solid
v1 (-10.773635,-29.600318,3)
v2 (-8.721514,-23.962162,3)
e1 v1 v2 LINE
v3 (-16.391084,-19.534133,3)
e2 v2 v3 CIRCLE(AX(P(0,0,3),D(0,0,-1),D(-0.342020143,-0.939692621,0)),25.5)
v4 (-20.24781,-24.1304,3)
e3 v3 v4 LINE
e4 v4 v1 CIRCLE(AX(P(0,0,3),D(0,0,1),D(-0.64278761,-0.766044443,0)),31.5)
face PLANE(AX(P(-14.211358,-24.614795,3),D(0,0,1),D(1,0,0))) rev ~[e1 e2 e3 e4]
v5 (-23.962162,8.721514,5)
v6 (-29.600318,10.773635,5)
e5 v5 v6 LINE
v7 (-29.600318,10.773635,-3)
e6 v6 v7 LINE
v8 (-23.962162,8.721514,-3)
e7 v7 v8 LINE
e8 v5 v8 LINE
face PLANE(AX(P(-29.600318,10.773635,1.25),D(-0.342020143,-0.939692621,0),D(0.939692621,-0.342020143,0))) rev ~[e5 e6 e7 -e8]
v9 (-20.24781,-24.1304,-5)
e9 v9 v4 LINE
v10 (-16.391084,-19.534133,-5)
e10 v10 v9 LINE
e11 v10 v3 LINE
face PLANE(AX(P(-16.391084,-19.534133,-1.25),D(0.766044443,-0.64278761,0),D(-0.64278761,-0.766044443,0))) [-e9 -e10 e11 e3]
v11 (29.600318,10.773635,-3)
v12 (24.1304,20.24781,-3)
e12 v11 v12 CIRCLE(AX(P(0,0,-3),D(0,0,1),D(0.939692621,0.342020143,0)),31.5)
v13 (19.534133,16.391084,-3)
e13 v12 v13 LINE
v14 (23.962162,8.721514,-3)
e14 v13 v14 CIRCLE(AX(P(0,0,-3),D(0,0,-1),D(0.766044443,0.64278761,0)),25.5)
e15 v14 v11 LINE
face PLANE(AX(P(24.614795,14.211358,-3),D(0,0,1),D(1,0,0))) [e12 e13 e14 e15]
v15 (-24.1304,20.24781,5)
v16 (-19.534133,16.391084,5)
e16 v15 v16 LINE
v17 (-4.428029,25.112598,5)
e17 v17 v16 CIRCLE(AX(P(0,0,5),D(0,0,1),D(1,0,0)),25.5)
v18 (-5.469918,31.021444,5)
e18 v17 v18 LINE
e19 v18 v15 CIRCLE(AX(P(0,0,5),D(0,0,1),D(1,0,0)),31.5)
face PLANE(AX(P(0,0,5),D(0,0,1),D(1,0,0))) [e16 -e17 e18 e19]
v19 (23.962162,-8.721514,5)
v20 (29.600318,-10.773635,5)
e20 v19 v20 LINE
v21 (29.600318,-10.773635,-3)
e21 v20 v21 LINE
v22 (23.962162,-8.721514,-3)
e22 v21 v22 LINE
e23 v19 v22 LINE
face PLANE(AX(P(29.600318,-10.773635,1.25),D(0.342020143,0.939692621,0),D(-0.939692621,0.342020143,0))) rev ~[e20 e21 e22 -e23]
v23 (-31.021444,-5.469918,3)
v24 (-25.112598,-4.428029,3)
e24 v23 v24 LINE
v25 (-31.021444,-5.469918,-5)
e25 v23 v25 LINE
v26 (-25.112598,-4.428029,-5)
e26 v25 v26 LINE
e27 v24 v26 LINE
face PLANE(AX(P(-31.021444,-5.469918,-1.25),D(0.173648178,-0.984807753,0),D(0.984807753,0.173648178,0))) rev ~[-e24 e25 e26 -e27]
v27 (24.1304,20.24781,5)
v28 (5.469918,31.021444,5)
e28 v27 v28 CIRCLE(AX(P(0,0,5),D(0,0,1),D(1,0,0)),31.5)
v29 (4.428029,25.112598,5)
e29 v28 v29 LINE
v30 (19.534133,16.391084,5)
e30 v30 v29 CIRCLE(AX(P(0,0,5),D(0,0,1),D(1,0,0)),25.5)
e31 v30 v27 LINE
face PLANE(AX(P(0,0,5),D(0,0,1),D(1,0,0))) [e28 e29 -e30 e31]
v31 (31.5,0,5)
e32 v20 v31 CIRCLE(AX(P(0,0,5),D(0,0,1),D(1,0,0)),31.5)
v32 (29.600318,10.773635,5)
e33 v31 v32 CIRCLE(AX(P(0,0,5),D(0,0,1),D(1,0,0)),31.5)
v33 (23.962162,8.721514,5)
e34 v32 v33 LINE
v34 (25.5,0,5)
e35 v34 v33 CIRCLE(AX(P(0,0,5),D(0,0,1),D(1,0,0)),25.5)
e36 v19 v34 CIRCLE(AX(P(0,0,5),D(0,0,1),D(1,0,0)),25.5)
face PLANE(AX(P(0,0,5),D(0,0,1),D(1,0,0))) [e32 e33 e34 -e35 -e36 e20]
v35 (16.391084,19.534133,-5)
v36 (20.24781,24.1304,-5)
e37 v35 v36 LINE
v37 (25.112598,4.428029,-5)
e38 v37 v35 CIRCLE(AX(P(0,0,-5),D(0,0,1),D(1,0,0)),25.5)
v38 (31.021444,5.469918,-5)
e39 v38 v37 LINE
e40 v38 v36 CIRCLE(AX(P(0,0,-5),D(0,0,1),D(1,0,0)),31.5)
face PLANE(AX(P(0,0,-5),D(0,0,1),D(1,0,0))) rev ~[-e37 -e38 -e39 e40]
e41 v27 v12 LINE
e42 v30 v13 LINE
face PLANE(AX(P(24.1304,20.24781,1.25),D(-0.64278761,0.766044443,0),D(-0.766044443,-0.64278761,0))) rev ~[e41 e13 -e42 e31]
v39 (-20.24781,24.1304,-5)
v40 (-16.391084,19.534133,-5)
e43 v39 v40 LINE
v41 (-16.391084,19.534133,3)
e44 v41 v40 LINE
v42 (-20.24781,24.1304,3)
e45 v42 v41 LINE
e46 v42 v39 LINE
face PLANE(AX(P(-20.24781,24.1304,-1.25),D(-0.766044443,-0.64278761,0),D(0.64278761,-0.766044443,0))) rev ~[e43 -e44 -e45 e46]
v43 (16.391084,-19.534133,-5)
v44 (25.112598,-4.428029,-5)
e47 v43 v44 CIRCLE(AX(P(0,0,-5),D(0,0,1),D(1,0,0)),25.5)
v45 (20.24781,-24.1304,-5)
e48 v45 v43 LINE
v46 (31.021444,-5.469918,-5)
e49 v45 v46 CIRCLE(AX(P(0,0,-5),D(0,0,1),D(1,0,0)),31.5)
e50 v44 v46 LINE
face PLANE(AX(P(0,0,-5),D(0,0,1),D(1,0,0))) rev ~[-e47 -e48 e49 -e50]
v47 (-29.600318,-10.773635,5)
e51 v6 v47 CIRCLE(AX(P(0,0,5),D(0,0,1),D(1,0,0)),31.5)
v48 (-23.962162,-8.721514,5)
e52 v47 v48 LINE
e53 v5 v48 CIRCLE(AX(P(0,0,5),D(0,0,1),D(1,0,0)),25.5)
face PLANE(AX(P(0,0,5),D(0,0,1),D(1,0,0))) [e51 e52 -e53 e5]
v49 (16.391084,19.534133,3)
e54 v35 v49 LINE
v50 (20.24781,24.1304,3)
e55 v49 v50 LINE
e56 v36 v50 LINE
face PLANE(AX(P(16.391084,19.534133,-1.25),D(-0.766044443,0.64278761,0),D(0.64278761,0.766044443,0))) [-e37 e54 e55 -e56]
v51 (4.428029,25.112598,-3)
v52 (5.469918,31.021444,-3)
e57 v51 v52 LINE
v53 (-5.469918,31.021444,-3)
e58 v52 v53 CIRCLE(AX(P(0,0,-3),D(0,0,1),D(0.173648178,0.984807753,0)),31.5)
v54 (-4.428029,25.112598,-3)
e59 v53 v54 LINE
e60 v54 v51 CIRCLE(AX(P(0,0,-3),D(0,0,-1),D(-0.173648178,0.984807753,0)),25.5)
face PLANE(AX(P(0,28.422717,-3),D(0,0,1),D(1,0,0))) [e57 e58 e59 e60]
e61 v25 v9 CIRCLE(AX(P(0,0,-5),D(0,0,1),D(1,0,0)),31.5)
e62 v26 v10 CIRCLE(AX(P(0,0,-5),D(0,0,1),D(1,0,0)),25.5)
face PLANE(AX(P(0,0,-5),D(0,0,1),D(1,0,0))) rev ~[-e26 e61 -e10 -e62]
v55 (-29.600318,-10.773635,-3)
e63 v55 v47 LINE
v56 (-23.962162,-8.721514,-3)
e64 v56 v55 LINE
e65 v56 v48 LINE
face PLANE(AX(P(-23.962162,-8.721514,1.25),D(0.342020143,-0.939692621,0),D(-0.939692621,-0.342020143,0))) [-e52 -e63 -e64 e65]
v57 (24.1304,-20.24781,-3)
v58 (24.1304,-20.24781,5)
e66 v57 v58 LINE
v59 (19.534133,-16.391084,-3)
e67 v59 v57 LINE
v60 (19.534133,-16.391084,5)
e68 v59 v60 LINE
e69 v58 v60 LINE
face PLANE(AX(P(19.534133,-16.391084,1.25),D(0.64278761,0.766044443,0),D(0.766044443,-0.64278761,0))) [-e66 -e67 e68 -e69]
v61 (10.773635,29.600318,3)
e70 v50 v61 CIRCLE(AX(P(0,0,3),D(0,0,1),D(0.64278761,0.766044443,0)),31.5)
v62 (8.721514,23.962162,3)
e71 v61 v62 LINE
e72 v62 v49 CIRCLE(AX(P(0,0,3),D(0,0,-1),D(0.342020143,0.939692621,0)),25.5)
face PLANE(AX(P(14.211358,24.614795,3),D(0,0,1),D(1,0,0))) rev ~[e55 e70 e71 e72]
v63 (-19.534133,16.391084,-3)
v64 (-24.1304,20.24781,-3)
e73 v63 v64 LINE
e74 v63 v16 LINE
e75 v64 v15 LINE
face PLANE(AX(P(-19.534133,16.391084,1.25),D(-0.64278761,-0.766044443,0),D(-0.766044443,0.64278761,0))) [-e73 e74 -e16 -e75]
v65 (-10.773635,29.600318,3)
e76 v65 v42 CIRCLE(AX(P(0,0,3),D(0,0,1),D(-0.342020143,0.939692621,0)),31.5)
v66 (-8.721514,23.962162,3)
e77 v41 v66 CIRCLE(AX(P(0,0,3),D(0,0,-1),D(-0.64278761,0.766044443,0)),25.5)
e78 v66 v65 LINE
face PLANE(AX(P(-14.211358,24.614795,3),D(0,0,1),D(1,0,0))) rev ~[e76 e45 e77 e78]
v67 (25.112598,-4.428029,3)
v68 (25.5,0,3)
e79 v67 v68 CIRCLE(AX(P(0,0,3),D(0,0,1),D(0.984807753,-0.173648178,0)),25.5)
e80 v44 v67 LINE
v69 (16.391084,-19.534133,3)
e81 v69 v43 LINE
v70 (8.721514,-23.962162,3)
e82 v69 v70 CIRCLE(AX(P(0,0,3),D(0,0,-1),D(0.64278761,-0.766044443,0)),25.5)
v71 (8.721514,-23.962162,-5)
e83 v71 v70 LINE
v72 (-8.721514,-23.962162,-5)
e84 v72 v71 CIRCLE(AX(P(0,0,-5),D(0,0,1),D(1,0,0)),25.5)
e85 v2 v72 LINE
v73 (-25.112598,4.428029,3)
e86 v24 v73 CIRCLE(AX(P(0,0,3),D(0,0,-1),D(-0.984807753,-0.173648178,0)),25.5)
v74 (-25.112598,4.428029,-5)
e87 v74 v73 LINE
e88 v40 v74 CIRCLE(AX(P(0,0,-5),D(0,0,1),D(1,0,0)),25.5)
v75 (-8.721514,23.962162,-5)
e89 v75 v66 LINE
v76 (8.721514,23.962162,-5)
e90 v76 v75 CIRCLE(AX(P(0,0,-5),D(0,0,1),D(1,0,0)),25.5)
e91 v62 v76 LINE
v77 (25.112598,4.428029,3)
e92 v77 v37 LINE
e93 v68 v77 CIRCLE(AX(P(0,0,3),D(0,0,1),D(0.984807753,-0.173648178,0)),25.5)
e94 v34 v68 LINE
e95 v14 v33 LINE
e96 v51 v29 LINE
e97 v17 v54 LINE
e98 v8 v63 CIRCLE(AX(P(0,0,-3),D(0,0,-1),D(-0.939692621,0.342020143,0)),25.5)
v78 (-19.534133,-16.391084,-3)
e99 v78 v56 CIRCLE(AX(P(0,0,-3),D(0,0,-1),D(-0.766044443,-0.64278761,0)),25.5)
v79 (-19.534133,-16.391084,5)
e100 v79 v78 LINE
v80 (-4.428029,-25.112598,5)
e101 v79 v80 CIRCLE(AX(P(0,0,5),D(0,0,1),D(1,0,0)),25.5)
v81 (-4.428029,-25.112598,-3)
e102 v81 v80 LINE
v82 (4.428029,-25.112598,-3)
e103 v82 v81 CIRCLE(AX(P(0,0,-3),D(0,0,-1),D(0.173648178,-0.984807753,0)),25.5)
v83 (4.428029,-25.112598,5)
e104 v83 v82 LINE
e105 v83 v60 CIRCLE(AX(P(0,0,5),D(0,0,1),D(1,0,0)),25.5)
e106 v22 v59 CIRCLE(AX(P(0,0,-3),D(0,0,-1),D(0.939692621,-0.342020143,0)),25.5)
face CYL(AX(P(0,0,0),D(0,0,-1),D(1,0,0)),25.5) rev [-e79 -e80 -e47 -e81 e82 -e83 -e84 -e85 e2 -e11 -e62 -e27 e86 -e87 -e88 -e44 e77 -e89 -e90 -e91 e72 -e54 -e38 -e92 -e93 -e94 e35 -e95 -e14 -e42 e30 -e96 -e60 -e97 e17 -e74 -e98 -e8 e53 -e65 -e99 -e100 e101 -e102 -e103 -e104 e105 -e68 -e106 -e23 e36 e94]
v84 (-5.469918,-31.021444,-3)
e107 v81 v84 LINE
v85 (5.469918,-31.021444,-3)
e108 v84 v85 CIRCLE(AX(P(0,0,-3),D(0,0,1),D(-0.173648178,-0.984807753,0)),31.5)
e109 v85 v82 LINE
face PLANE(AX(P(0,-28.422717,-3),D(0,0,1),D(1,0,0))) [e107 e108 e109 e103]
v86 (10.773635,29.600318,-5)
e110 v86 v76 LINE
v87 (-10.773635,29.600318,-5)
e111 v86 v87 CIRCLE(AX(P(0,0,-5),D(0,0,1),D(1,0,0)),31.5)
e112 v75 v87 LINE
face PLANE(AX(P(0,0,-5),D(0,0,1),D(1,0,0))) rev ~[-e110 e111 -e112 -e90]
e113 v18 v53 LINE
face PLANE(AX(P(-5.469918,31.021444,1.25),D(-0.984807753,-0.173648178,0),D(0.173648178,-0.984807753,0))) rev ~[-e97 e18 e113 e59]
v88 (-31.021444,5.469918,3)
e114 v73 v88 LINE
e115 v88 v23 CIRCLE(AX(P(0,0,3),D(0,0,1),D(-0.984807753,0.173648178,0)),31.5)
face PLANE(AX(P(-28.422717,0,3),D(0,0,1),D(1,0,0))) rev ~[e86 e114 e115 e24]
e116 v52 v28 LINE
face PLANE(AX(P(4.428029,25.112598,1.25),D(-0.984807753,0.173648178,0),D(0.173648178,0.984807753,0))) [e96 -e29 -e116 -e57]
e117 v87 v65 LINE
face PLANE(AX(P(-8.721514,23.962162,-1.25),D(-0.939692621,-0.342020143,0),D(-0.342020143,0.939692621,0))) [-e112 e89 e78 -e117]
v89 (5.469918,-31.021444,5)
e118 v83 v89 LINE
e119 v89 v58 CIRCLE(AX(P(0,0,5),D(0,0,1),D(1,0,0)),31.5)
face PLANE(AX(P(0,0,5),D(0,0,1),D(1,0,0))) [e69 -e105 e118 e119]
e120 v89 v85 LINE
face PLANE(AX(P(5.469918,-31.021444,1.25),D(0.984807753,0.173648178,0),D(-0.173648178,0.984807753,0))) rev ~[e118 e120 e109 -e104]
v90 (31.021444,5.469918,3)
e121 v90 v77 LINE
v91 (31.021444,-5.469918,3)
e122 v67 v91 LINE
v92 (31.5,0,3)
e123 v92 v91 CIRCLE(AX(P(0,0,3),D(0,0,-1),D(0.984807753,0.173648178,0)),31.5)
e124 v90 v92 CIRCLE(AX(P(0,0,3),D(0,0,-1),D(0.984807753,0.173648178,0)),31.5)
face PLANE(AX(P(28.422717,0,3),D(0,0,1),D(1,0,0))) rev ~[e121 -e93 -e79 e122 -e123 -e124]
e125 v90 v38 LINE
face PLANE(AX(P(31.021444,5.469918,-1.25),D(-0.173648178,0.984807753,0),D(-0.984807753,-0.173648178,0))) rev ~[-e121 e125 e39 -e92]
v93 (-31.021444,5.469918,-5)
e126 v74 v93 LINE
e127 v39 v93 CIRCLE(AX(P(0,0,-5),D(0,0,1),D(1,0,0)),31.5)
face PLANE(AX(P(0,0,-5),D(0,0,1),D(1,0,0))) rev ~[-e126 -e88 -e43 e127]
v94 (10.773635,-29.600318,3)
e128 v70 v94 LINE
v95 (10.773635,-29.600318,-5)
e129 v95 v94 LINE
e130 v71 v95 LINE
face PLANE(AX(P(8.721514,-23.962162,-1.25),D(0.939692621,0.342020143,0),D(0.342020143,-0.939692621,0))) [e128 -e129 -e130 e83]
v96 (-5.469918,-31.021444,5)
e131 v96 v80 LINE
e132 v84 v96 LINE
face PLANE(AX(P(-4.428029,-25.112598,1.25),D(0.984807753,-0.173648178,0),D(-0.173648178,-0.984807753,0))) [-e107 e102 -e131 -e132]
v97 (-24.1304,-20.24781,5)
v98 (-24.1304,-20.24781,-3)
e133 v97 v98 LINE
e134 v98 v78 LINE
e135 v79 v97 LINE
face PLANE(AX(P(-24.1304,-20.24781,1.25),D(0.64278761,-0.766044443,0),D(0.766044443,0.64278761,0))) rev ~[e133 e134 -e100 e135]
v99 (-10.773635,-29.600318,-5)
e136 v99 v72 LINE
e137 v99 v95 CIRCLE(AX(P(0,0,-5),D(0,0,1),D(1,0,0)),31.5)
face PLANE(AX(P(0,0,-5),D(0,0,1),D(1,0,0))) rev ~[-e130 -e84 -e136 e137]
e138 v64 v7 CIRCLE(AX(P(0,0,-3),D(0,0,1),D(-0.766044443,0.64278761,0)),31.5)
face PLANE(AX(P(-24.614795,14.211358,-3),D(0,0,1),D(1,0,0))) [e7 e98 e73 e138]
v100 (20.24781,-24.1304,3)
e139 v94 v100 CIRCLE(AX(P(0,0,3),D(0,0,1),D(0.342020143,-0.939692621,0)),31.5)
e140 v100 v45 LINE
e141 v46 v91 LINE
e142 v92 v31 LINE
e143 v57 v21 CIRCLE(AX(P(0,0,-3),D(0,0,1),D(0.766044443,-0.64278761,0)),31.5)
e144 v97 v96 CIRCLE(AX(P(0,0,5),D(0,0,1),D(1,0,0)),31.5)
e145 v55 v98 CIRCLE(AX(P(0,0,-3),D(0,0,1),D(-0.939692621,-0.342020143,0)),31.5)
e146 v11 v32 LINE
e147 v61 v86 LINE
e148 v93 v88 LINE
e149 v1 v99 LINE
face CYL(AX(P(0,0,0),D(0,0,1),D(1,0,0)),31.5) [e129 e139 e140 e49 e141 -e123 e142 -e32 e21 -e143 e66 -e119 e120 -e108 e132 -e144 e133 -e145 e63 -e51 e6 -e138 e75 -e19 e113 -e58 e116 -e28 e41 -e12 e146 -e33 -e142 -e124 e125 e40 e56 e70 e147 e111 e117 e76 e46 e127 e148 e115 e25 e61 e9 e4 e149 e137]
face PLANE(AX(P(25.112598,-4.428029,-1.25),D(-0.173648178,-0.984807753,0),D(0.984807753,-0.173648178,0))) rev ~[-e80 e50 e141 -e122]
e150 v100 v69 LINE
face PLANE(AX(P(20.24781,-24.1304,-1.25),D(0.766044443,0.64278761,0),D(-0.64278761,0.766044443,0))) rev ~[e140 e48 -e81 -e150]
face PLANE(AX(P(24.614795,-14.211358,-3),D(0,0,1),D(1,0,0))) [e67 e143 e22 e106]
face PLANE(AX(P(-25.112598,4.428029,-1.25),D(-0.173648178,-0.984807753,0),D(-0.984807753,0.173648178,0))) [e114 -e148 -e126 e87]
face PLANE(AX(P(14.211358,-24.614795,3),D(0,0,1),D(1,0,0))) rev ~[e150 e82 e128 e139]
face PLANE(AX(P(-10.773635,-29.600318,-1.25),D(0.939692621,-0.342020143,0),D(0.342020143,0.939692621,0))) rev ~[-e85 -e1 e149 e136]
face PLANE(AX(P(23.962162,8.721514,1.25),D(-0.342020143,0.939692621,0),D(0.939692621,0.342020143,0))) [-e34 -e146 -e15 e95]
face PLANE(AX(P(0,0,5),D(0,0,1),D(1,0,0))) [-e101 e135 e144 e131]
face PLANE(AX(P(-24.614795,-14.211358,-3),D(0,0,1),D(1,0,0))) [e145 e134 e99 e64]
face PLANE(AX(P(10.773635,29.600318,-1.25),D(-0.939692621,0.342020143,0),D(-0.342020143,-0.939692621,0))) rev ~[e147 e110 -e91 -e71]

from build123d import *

# Parameters (mm, degrees)
F0_R     = 31.5
F0_R_2   = 25.5
F1_DEPTH = 5
F5_DEPTH = 25
F7_DEPTH = 25
F8_DEPTH = 4.25
F9_DEPTH = 4.25


with BuildPart() as f1:
    # F0 (on Top) → F1 (new body, symmetric)
    with BuildSketch(Plane.XY):
        Circle(F0_R)
        Circle(F0_R_2, mode=Mode.SUBTRACT)
    extrude(amount=F1_DEPTH, both=True)

    # F4 (on offset) → F5 (cut)
    with BuildSketch(Plane.XY.offset(1.25)):
        with BuildLine():
            ThreePointArc((19.5341332995, 16.391084047), (22.0836477965, 12.75), (23.96216183, 8.7215136548))
            Line((23.96216183, 8.7215136548), (29.6003175548, 10.7736345148))
            ThreePointArc((29.6003175548, 10.7736345148), (27.2798002192, 15.75), (24.1303999582, 20.2478097051))
            Line((24.1303999582, 20.2478097051), (19.5341332995, 16.391084047))
        make_face()
        with BuildLine():
            Line((-5.4699175965, 31.0214442199), (-4.4280285305, 25.1125977018))
            ThreePointArc((-4.4280285305, 25.1125977018), (0, 25.5), (4.4280285305, 25.1125977018))
            Line((4.4280285305, 25.1125977018), (5.4699175965, 31.0214442199))
            ThreePointArc((5.4699175965, 31.0214442199), (0, 31.5), (-5.4699175965, 31.0214442199))
        make_face()
        with BuildLine():
            Line((-29.6003175548, 10.7736345148), (-23.96216183, 8.7215136548))
            ThreePointArc((-23.96216183, 8.7215136548), (-22.0836477965, 12.75), (-19.5341332995, 16.391084047))
            Line((-19.5341332995, 16.391084047), (-24.1303999582, 20.2478097051))
            ThreePointArc((-24.1303999582, 20.2478097051), (-27.2798002192, 15.75), (-29.6003175548, 10.7736345148))
        make_face()
        with BuildLine():
            Line((-24.1303999582, -20.2478097051), (-19.5341332995, -16.391084047))
            ThreePointArc((-19.5341332995, -16.391084047), (-22.0836477965, -12.75), (-23.96216183, -8.7215136548))
            Line((-23.96216183, -8.7215136548), (-29.6003175548, -10.7736345148))
            ThreePointArc((-29.6003175548, -10.7736345148), (-27.2798002192, -15.75), (-24.1303999582, -20.2478097051))
        make_face()
        with BuildLine():
            Line((5.4699175965, -31.0214442199), (4.4280285305, -25.1125977018))
            ThreePointArc((4.4280285305, -25.1125977018), (0, -25.5), (-4.4280285305, -25.1125977018))
            Line((-4.4280285305, -25.1125977018), (-5.4699175965, -31.0214442199))
            ThreePointArc((-5.4699175965, -31.0214442199), (0, -31.5), (5.4699175965, -31.0214442199))
        make_face()
        with BuildLine():
            Line((29.6003175548, -10.7736345148), (23.96216183, -8.7215136548))
            ThreePointArc((23.96216183, -8.7215136548), (22.0836477965, -12.75), (19.5341332995, -16.391084047))
            Line((19.5341332995, -16.391084047), (24.1303999582, -20.2478097051))
            ThreePointArc((24.1303999582, -20.2478097051), (27.2798002192, -15.75), (29.6003175548, -10.7736345148))
        make_face()
    extrude(amount=F5_DEPTH, mode=Mode.SUBTRACT)

    # F6 (on offset) → F7 (cut)
    with BuildSketch(Plane.XY.offset(-1.25)):
        with BuildLine():
            Line((10.7736345148, 29.6003175548), (8.7215136548, 23.96216183))
            ThreePointArc((8.7215136548, 23.96216183), (12.75, 22.0836477965), (16.391084047, 19.5341332995))
            Line((16.391084047, 19.5341332995), (20.2478097051, 24.1303999582))
            ThreePointArc((20.2478097051, 24.1303999582), (15.75, 27.2798002192), (10.7736345148, 29.6003175548))
        make_face()
        with BuildLine():
            Line((-8.7215136548, 23.96216183), (-10.7736345148, 29.6003175548))
            ThreePointArc((-10.7736345148, 29.6003175548), (-15.75, 27.2798002192), (-20.2478097051, 24.1303999582))
            Line((-20.2478097051, 24.1303999582), (-16.391084047, 19.5341332995))
            ThreePointArc((-16.391084047, 19.5341332995), (-12.75, 22.0836477965), (-8.7215136548, 23.96216183))
        make_face()
        with BuildLine():
            Line((-25.1125977018, 4.4280285305), (-31.0214442199, 5.4699175965))
            ThreePointArc((-31.0214442199, 5.4699175965), (-31.5, 0), (-31.0214442199, -5.4699175965))
            Line((-31.0214442199, -5.4699175965), (-25.1125977018, -4.4280285305))
            ThreePointArc((-25.1125977018, -4.4280285305), (-25.5, 0), (-25.1125977018, 4.4280285305))
        make_face()
        with BuildLine():
            Line((-16.391084047, -19.5341332995), (-20.2478097051, -24.1303999582))
            ThreePointArc((-20.2478097051, -24.1303999582), (-15.75, -27.2798002192), (-10.7736345148, -29.6003175548))
            Line((-10.7736345148, -29.6003175548), (-8.7215136548, -23.96216183))
            ThreePointArc((-8.7215136548, -23.96216183), (-12.75, -22.0836477965), (-16.391084047, -19.5341332995))
        make_face()
        with BuildLine():
            Line((8.7215136548, -23.96216183), (10.7736345148, -29.6003175548))
            ThreePointArc((10.7736345148, -29.6003175548), (15.75, -27.2798002192), (20.2478097051, -24.1303999582))
            Line((20.2478097051, -24.1303999582), (16.391084047, -19.5341332995))
            ThreePointArc((16.391084047, -19.5341332995), (12.75, -22.0836477965), (8.7215136548, -23.96216183))
        make_face()
        with BuildLine():
            Line((25.1125977018, -4.4280285305), (31.0214442199, -5.4699175965))
            ThreePointArc((31.0214442199, -5.4699175965), (31.5, 0), (31.0214442199, 5.4699175965))
            Line((31.0214442199, 5.4699175965), (25.1125977018, 4.4280285305))
            ThreePointArc((25.1125977018, 4.4280285305), (25.5, 0), (25.1125977018, -4.4280285305))
        make_face()
    extrude(amount=-F7_DEPTH, mode=Mode.SUBTRACT)

    # F8 (cut): faces of the model
    f8_faces = [f1.faces().sort_by_distance(p)[0] for p in [
        (-24.6473051281, -14.2301282505, 1.25),
        (-24.6473051281, 14.2301282505, 1.25),
        (0, 28.460256501, 1.25),
        (24.6473051281, 14.2301282505, 1.25),
        (24.6473051281, -14.2301282505, 1.25),
        (0, -28.460256501, 1.25),
    ]]
    extrude(f8_faces, amount=-F8_DEPTH, mode=Mode.SUBTRACT)

    # F9 (cut): faces of the model
    f9_faces = [f1.faces().sort_by_distance(p)[0] for p in [
        (-14.2301282505, -24.6473051281, -1.25),
        (14.2301282505, -24.6473051281, -1.25),
        (28.460256501, 0, -1.25),
        (14.2301282505, 24.6473051281, -1.25),
        (-14.2301282505, 24.6473051281, -1.25),
        (-28.460256501, 0, -1.25),
    ]]
    extrude(f9_faces, amount=-F9_DEPTH, mode=Mode.SUBTRACT)


solid = f1.part
